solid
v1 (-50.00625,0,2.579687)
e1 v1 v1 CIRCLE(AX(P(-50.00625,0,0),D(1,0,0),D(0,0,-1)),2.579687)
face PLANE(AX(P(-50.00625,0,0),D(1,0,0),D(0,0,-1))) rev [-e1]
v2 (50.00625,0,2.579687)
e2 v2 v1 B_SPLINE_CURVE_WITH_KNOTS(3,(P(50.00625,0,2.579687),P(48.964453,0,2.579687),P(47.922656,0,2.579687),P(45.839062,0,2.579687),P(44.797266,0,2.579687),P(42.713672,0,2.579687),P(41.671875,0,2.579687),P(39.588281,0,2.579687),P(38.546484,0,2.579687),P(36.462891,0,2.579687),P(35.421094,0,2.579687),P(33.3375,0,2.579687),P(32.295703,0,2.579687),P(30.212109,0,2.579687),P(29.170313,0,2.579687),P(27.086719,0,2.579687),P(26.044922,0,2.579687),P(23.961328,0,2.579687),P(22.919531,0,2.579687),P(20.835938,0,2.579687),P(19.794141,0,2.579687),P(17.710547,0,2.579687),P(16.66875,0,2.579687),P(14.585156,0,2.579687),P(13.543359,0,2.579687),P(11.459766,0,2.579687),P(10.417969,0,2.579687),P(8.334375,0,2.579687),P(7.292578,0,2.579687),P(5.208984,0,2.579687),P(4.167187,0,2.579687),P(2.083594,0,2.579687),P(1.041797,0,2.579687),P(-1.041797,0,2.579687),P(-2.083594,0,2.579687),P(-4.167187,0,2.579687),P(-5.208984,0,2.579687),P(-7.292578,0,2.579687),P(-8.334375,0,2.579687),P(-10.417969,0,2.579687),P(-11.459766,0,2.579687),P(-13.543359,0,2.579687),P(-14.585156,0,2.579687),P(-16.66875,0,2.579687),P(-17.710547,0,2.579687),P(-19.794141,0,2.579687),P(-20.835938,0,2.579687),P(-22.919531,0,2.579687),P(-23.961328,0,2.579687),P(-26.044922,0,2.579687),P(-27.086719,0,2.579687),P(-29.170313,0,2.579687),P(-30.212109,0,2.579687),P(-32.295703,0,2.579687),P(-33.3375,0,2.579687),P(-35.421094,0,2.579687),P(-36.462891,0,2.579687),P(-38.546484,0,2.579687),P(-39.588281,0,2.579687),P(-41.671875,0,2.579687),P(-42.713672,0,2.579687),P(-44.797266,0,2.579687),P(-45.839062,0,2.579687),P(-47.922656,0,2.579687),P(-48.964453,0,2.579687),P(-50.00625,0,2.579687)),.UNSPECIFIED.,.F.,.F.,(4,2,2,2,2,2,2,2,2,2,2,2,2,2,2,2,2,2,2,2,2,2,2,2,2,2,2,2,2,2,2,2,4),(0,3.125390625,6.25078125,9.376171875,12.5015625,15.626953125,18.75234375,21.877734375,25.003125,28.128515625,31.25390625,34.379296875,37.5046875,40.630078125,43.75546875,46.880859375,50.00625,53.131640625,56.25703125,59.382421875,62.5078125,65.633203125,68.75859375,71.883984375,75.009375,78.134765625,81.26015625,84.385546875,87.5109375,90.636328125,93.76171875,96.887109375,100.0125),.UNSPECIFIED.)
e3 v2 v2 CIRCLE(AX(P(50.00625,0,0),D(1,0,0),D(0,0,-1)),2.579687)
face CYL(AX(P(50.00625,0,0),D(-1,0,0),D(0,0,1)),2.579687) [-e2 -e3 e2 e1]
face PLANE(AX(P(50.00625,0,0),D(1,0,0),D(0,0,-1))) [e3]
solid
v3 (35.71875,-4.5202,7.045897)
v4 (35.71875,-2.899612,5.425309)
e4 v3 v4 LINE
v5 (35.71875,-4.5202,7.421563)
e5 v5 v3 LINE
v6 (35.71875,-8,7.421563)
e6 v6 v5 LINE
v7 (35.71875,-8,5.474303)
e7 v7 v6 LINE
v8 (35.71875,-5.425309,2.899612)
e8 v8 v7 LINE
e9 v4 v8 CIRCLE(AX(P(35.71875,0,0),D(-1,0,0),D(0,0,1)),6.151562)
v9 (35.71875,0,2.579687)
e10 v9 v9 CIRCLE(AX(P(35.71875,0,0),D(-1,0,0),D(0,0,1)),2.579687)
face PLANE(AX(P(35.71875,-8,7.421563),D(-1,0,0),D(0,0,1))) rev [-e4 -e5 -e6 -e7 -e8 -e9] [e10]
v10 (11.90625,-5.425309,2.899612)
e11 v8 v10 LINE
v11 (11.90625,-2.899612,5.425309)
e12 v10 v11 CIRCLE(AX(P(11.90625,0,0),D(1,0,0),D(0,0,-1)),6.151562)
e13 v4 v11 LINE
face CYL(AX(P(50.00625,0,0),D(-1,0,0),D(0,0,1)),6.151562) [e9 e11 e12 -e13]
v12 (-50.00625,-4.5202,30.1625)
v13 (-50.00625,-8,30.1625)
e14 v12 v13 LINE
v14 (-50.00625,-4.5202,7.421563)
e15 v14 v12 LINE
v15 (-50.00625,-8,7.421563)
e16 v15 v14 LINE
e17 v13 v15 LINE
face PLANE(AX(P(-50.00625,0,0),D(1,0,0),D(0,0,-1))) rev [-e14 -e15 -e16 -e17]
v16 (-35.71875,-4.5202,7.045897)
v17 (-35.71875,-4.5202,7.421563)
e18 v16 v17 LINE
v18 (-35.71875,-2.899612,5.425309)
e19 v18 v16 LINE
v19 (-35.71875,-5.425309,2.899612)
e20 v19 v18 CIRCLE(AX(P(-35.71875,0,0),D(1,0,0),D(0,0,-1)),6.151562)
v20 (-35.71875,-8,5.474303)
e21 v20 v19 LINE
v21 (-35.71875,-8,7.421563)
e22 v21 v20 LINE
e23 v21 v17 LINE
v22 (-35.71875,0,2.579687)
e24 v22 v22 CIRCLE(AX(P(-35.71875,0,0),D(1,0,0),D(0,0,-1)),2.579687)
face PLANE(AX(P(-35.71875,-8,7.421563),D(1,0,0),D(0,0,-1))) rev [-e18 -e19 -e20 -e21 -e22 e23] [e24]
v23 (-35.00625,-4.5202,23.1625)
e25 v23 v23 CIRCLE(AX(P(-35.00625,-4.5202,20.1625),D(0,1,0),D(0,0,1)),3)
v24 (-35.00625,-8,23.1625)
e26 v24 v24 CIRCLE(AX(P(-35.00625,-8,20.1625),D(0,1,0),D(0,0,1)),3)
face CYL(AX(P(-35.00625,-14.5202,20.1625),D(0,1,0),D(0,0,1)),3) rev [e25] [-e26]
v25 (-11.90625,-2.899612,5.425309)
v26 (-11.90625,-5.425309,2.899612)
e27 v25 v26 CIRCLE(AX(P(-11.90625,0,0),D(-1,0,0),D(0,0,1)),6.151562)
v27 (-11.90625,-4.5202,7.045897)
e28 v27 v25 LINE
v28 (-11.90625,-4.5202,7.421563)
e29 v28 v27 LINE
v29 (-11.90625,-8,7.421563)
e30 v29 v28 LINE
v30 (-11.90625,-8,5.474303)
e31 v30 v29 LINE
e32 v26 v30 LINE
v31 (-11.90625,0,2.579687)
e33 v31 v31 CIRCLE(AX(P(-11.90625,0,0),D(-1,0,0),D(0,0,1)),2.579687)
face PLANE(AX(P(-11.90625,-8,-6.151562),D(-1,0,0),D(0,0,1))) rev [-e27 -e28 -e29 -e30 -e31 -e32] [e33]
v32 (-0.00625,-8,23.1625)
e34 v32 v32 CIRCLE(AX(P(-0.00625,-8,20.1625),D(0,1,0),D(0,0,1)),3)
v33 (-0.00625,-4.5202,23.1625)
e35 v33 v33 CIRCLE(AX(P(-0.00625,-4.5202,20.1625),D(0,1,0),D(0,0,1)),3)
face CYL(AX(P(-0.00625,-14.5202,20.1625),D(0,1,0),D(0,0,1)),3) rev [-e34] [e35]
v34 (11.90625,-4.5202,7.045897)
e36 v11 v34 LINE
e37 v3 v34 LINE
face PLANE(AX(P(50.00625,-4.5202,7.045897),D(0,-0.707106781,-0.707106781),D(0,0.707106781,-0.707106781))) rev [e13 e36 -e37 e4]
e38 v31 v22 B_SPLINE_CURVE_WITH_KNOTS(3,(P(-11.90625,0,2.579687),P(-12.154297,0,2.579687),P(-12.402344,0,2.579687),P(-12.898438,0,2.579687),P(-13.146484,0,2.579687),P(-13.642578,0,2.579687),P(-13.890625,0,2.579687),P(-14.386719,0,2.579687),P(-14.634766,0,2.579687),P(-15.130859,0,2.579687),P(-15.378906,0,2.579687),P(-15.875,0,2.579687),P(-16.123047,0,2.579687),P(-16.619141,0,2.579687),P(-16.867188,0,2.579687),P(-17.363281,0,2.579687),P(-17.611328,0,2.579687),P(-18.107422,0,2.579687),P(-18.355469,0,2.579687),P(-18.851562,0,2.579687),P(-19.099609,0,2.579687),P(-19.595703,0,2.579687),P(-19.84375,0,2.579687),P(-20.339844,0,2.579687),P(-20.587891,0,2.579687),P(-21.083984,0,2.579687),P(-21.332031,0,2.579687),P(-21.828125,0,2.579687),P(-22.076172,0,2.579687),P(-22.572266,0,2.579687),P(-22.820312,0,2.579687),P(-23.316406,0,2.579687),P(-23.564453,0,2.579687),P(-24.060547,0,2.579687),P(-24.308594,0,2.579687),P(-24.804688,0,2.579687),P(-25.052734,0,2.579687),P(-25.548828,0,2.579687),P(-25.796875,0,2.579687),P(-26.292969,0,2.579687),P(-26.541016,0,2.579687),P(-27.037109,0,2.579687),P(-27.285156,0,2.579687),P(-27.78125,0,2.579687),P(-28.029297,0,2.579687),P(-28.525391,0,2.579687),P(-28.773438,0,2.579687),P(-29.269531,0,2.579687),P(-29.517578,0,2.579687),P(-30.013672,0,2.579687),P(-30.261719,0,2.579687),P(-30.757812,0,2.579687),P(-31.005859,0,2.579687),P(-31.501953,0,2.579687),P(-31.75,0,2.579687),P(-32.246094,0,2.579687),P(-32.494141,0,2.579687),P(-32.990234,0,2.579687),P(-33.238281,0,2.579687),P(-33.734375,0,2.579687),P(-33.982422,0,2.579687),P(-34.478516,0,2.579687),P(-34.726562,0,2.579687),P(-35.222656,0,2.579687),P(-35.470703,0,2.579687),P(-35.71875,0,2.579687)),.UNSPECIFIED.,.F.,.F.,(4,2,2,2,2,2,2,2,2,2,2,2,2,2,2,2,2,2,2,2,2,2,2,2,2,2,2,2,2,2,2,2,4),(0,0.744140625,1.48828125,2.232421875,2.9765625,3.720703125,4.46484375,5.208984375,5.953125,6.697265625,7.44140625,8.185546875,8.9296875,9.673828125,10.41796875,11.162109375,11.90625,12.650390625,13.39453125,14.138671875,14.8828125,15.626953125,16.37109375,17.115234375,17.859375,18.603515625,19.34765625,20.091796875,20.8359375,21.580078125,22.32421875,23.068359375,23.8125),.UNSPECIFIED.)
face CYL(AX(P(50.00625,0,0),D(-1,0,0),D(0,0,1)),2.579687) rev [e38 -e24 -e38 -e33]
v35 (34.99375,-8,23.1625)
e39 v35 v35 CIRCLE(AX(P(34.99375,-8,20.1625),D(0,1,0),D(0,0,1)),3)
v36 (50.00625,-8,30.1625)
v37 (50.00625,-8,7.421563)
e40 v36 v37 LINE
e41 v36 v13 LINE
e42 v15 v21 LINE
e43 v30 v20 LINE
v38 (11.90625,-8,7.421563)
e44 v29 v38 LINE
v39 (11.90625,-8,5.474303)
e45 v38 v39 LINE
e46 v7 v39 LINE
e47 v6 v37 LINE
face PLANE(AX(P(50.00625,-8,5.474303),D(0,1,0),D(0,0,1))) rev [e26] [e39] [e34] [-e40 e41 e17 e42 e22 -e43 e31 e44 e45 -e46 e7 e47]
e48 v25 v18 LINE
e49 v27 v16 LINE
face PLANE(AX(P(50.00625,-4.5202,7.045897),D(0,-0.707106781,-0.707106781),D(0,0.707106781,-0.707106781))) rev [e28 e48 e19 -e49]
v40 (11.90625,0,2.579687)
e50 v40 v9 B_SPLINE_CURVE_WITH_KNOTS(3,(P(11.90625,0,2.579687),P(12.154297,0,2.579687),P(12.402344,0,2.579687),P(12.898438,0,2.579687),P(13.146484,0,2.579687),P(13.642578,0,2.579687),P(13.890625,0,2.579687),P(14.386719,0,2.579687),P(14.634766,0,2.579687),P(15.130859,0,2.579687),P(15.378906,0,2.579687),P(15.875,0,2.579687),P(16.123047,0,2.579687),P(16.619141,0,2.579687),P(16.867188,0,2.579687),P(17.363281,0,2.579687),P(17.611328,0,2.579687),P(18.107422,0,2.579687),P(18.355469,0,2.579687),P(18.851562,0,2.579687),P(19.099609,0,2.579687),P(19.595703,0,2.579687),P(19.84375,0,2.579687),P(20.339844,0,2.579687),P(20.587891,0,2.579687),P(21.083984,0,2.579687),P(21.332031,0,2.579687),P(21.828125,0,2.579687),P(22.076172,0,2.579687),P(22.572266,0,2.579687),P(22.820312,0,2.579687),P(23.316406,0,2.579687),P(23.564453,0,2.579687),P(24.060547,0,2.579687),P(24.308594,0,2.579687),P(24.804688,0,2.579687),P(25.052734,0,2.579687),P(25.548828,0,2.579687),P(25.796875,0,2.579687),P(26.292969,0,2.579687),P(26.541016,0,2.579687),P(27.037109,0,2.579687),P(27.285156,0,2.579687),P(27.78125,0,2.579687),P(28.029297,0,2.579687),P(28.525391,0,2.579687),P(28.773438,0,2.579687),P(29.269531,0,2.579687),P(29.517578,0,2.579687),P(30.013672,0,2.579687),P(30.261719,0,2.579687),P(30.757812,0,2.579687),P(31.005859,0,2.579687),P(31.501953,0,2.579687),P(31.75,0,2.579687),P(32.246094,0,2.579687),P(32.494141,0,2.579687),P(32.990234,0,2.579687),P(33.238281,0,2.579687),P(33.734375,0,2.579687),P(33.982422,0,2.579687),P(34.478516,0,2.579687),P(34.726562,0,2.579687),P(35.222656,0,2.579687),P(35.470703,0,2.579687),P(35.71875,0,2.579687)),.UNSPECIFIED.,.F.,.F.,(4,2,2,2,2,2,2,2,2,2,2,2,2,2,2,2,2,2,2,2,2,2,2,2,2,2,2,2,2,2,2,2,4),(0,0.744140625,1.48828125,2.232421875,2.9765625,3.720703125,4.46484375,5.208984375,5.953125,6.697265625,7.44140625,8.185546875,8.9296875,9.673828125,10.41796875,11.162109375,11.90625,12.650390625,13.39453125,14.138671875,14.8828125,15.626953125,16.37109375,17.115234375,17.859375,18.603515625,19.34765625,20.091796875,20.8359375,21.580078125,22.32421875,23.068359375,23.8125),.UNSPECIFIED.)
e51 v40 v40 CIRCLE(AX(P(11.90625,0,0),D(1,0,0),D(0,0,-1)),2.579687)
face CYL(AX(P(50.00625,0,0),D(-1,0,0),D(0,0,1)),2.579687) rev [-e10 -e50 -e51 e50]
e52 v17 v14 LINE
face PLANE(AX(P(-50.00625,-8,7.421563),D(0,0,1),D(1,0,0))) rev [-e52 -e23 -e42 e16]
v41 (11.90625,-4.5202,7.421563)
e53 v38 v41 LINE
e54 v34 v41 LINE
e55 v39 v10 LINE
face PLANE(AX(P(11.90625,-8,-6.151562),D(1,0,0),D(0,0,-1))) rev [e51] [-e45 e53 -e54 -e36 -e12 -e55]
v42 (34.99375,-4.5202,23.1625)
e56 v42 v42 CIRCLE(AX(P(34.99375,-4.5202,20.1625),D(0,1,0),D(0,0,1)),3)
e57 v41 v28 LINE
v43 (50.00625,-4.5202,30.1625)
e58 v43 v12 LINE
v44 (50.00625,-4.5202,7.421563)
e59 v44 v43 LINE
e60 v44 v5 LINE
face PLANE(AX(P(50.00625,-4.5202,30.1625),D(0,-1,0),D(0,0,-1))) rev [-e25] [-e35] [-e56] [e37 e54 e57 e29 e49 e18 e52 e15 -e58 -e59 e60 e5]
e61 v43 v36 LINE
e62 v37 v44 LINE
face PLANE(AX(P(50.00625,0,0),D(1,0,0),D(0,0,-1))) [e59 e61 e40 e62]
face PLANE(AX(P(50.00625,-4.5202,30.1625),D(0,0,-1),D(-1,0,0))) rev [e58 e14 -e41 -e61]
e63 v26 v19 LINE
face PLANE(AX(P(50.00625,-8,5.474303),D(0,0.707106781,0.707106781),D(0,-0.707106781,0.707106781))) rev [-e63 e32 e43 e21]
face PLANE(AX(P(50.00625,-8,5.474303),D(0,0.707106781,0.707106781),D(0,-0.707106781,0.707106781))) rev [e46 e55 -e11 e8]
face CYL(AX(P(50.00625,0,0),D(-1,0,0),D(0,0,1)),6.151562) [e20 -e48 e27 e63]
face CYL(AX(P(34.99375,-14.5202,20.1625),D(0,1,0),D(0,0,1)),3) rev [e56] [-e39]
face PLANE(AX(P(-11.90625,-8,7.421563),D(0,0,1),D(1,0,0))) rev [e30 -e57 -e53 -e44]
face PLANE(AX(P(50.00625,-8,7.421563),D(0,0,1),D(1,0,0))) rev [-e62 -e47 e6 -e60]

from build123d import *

# Parameters (mm, degrees)
SKETCH1_R               = 2.5796875
LEFT_LEAF_DEPTH         = 50.00625
CUT_EXTRUDE1_DEPTH      = 59.94405352
CUT_EXTRUDE1_DEPTH_BACK = 59.94405352
SKETCH2_W               = 14.2875
SKETCH2_H               = 13.573125
SKETCH2_W_2             = 23.8125
SKETCH10_R              = 2.5796875
EXTRUDE1_DEPTH          = 50.00625
SKETCH11_R              = 3
CUT_EXTRUDE2_DEPTH      = 10


with BuildPart() as part:
    # Sketch1 → Left Leaf (new, symmetric)
    with BuildSketch(Plane(origin=(0, 0, 0), x_dir=(0, 0, -1), z_dir=(1, 0, 0))):
        with BuildLine():
            Line((-5.474302966, -8), (-2.899611599, -5.425308633))
            ThreePointArc((-2.899611599, -5.425308633), (4.349811559, 4.349811559), (-5.425308633, -2.899611599))
            Line((-5.425308633, -2.899611599), (-7.045897034, -4.5202))
            Line((-7.045897034, -4.5202), (-30.1625, -4.5202))
            Line((-30.1625, -4.5202), (-30.1625, -8))
            Line((-30.1625, -8), (-5.474302966, -8))
        make_face()
        with Locations(Location((0, 0, 0), (0, 0, 180))):
            Circle(SKETCH1_R, mode=Mode.SUBTRACT)
    extrude(amount=LEFT_LEAF_DEPTH, both=True)

    # Sketch2 → Cut-Extrude1 (cut, two sides: drawn at the far end of the back side and taken through both)
    with BuildSketch(Plane(origin=(0, 0, 0), x_dir=(1, 0, 0), z_dir=(0, 1, 0)).offset(-CUT_EXTRUDE1_DEPTH_BACK)):
        with Locations((42.8625, -0.635)):
            Rectangle(SKETCH2_W, SKETCH2_H)
        with Locations((-42.8625, -0.635)):
            Rectangle(SKETCH2_W, SKETCH2_H)
        with Locations((0, -0.635)):
            Rectangle(SKETCH2_W_2, SKETCH2_H)
    extrude(amount=CUT_EXTRUDE1_DEPTH + CUT_EXTRUDE1_DEPTH_BACK, mode=Mode.SUBTRACT)

    # Sketch11 → Cut-Extrude2 (cut)
    with BuildSketch(Plane(origin=(0, -4.5202, 0), x_dir=(1, 0, 0), z_dir=(0, 1, 0))):
        with Locations(Location((-35.00625, -20.1625, 0), (0, 0, 270))):
            Circle(SKETCH11_R)
        with Locations(Location((-0.00625, -20.1625, 0), (0, 0, 270))):
            Circle(SKETCH11_R)
        with Locations(Location((34.99375, -20.1625, 0), (0, 0, 270))):
            Circle(SKETCH11_R)
    extrude(amount=-CUT_EXTRUDE2_DEPTH, mode=Mode.SUBTRACT)


with BuildPart() as body_2:
    # Sketch10 → Extrude1 (new, symmetric)
    with BuildSketch(Plane(origin=(0, 0, 0), x_dir=(0, 0, -1), z_dir=(1, 0, 0))):
        with Locations(Location((0, 0, 0), (0, 0, 180))):
            Circle(SKETCH10_R)
    extrude(amount=EXTRUDE1_DEPTH, both=True)


solid = Compound([part.part, body_2.part])
